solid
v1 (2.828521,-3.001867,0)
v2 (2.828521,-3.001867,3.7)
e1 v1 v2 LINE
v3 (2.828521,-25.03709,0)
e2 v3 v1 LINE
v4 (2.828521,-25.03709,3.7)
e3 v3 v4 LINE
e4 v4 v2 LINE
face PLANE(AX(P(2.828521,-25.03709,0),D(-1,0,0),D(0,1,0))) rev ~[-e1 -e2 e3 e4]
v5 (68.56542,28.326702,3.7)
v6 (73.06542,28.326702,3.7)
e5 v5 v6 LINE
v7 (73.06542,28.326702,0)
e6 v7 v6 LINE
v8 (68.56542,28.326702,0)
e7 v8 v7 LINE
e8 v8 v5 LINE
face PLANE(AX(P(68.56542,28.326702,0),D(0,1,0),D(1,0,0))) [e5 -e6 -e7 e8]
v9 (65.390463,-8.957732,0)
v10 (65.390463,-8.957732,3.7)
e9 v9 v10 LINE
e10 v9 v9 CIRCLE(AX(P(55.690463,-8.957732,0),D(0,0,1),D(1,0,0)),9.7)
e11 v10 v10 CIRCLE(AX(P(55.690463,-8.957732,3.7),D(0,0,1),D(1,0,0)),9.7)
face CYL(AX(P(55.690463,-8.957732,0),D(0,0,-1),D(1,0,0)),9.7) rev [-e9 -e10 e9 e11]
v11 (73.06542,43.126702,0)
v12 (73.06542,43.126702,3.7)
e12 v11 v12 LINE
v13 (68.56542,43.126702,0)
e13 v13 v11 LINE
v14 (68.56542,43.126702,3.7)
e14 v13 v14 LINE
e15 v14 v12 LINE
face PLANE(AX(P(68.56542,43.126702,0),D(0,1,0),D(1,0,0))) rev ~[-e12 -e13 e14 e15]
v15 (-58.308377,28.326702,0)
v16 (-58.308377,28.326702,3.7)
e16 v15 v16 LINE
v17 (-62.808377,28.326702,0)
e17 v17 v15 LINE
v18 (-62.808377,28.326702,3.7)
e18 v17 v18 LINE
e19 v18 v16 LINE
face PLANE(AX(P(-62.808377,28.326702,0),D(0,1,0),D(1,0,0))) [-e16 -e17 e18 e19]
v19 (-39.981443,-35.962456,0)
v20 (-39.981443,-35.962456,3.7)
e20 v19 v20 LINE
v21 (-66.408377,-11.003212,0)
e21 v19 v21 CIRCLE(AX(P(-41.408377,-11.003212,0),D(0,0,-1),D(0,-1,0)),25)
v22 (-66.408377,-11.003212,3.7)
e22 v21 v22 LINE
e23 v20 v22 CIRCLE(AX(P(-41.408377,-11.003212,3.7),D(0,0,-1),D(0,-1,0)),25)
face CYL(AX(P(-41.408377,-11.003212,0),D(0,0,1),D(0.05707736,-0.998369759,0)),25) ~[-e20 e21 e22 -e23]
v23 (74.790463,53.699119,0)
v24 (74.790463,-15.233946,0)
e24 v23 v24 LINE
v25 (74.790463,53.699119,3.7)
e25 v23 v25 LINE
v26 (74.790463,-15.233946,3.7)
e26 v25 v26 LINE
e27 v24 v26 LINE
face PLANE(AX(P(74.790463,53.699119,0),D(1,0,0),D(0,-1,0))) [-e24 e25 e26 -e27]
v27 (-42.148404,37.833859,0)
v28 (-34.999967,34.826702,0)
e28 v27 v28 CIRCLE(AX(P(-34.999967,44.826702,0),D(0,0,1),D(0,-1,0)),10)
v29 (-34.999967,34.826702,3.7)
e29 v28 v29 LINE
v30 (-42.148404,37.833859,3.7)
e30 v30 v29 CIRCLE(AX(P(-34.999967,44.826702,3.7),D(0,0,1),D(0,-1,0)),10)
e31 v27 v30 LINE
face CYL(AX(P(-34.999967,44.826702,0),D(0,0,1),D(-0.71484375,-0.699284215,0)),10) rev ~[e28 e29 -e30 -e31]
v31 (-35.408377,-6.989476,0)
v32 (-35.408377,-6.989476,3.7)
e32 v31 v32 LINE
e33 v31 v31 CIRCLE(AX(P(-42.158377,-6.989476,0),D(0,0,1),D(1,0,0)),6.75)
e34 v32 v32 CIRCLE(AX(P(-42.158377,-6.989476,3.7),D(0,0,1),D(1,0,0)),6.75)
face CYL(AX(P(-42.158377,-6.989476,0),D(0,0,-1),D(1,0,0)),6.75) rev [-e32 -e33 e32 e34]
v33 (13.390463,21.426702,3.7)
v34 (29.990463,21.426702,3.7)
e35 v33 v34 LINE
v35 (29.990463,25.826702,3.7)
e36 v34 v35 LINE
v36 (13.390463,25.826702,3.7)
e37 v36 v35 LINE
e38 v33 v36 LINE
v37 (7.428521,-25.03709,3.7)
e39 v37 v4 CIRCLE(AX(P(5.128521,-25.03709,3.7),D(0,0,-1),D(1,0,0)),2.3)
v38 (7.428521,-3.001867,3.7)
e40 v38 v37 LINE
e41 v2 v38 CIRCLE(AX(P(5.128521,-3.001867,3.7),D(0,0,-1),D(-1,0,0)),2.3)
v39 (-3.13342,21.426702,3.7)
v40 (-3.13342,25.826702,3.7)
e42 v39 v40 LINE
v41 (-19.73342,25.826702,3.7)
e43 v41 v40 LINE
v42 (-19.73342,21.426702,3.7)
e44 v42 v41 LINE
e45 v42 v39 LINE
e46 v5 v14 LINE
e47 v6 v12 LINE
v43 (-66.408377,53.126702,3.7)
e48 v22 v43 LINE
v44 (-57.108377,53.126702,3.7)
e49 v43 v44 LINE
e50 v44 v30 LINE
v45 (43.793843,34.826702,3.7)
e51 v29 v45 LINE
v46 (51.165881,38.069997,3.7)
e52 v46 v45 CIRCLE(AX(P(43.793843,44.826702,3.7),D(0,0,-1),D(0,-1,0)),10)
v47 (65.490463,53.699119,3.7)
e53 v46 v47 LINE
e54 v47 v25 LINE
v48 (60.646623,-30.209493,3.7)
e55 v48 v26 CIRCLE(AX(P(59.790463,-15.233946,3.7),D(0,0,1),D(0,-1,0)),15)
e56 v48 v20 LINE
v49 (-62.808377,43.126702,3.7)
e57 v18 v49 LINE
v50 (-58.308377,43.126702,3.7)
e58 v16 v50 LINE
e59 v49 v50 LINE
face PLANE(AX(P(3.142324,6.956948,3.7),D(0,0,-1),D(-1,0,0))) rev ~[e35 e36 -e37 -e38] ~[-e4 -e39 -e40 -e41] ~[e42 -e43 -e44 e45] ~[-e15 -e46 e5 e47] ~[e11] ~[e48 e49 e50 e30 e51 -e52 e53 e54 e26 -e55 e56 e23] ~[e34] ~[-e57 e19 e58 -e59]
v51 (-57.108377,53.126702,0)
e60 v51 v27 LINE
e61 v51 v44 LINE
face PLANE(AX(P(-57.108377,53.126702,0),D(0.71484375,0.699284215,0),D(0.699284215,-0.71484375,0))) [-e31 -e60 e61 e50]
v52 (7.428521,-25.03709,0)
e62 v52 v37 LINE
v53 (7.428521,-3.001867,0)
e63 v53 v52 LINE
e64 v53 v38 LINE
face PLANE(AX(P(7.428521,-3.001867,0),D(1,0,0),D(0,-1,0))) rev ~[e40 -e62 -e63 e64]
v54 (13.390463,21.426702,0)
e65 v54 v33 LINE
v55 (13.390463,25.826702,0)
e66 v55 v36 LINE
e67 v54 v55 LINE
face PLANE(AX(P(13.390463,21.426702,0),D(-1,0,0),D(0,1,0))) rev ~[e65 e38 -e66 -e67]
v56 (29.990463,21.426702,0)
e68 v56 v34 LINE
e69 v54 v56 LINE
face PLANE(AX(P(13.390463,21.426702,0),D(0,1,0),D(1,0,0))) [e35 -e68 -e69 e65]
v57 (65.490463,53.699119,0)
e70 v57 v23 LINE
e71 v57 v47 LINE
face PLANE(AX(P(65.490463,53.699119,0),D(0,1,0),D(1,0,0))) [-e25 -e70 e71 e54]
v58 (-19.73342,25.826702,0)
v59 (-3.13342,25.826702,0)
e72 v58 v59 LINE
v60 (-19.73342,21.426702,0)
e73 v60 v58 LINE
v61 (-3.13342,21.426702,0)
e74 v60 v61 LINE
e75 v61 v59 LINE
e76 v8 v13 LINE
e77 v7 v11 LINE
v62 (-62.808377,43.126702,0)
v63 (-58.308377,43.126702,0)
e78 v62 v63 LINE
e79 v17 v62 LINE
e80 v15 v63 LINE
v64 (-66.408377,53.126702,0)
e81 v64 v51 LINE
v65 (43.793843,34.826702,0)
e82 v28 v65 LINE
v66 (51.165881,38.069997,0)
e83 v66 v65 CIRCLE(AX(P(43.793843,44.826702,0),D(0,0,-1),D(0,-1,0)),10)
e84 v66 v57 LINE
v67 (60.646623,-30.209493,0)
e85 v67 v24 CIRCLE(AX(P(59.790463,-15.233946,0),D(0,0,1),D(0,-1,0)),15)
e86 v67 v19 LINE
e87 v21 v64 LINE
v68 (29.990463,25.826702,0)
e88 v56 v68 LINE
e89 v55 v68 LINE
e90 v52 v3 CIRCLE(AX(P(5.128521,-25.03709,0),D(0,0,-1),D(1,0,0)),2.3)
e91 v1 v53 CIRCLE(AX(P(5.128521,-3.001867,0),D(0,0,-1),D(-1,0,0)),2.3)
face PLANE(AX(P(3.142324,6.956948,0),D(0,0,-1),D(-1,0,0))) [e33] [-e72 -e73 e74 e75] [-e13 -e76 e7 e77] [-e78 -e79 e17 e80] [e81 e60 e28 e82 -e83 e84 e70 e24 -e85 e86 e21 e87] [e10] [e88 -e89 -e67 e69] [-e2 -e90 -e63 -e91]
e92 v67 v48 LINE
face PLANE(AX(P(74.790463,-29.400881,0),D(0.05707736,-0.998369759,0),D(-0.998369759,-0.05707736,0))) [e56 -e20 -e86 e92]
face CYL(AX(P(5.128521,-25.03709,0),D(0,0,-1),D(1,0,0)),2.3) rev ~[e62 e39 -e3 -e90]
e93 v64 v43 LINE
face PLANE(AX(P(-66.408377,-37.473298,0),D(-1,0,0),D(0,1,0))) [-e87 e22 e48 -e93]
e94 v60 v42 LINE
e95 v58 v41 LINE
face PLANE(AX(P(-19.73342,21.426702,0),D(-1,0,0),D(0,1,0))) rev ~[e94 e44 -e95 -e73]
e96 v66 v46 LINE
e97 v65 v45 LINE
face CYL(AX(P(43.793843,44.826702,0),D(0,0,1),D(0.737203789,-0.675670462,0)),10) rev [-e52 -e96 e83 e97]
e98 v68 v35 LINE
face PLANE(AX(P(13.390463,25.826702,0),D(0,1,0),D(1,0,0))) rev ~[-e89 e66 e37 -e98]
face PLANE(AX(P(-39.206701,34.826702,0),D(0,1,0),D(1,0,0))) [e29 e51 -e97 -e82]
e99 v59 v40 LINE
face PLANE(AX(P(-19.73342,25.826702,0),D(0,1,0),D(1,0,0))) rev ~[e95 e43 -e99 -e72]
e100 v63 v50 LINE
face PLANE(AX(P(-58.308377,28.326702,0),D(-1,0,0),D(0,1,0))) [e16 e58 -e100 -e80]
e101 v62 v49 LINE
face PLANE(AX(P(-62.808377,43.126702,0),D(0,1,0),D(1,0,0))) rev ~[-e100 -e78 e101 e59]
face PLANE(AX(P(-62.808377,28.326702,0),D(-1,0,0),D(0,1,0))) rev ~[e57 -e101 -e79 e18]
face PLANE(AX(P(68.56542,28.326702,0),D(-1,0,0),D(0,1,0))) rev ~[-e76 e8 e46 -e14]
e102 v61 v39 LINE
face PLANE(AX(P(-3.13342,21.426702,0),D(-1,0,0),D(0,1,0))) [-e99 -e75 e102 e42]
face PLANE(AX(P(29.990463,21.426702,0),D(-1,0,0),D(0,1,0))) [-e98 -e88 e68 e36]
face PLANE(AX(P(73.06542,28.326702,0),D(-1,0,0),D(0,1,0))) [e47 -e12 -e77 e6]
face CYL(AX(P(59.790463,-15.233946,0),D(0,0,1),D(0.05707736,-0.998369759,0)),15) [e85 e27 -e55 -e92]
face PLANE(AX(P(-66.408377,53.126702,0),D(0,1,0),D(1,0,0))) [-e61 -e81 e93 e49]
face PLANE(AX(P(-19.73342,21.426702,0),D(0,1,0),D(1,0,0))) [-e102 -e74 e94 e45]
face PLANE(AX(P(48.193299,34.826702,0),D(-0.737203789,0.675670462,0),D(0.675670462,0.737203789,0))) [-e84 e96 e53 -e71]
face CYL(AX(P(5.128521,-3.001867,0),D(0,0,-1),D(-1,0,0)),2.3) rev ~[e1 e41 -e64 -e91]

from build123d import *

# Parameters (mm, degrees)
SKETCH2_R           = 9.7
SKETCH2_R_2         = 6.75
SKETCH2_W           = 4.5
SKETCH2_H           = 14.8
SKETCH2_W_2         = 16.6
SKETCH2_H_2         = 4.4
BOSS_EXTRUDE1_DEPTH = 3.7
FILLET1_R           = 15
FILLET2_R           = 25
FILLET3_R           = 10


with BuildPart() as part:
    # Sketch2 → Boss-Extrude1 (new body)
    with BuildSketch(Plane.XY):
        Polygon((-66.408376963, -37.473298429), (-66.408376963, 53.126701571), (-57.108376963, 53.126701571), (-39.206701064, 34.826701571), (48.193298936, 34.826701571), (65.490462758, 53.699118578), (74.790462758, 53.699118578), (74.790462758, -29.400881422), align=None)
        with Locations((55.690462758, -8.957731732)):
            Circle(SKETCH2_R, mode=Mode.SUBTRACT)
        with Locations((-42.158376963, -6.98947646)):
            Circle(SKETCH2_R_2, mode=Mode.SUBTRACT)
        with Locations((-60.558376963, 35.726701571)):
            Rectangle(SKETCH2_W, SKETCH2_H, mode=Mode.SUBTRACT)
        with Locations((70.815419874, 35.726701571)):
            Rectangle(SKETCH2_W, SKETCH2_H, mode=Mode.SUBTRACT)
        with Locations((-11.433419848, 23.626701571)):
            Rectangle(SKETCH2_W_2, SKETCH2_H_2, mode=Mode.SUBTRACT)
        with Locations((21.690462758, 23.626701571)):
            Rectangle(SKETCH2_W_2, SKETCH2_H_2, mode=Mode.SUBTRACT)
        with BuildLine():
            Line((7.428521455, -3.001867406), (7.428521455, -25.037089926))
            ThreePointArc((7.428521455, -25.037089926), (5.128521455, -27.337089926), (2.828521455, -25.037089926))
            Line((2.828521455, -25.037089926), (2.828521455, -3.001867406))
            ThreePointArc((2.828521455, -3.001867406), (5.128521455, -0.701867406), (7.428521455, -3.001867406))
        make_face(mode=Mode.SUBTRACT)
    extrude(amount=BOSS_EXTRUDE1_DEPTH)

    # Fillet1
    fillet1_edges = [part.edges().sort_by_distance(p)[0] for p in [
        (74.790462758, -29.400881422, 1.85),
    ]]
    fillet(fillet1_edges, radius=FILLET1_R)

    # Fillet2
    fillet2_edges = [part.edges().sort_by_distance(p)[0] for p in [
        (-66.408376963, -37.473298429, 1.85),
    ]]
    fillet(fillet2_edges, radius=FILLET2_R)

    # Fillet3
    fillet3_edges = [part.edges().sort_by_distance(p)[0] for p in [
        (-39.206701064, 34.826701571, 1.85),
        (48.193298936, 34.826701571, 1.85),
    ]]
    fillet(fillet3_edges, radius=FILLET3_R)


solid = part.part
